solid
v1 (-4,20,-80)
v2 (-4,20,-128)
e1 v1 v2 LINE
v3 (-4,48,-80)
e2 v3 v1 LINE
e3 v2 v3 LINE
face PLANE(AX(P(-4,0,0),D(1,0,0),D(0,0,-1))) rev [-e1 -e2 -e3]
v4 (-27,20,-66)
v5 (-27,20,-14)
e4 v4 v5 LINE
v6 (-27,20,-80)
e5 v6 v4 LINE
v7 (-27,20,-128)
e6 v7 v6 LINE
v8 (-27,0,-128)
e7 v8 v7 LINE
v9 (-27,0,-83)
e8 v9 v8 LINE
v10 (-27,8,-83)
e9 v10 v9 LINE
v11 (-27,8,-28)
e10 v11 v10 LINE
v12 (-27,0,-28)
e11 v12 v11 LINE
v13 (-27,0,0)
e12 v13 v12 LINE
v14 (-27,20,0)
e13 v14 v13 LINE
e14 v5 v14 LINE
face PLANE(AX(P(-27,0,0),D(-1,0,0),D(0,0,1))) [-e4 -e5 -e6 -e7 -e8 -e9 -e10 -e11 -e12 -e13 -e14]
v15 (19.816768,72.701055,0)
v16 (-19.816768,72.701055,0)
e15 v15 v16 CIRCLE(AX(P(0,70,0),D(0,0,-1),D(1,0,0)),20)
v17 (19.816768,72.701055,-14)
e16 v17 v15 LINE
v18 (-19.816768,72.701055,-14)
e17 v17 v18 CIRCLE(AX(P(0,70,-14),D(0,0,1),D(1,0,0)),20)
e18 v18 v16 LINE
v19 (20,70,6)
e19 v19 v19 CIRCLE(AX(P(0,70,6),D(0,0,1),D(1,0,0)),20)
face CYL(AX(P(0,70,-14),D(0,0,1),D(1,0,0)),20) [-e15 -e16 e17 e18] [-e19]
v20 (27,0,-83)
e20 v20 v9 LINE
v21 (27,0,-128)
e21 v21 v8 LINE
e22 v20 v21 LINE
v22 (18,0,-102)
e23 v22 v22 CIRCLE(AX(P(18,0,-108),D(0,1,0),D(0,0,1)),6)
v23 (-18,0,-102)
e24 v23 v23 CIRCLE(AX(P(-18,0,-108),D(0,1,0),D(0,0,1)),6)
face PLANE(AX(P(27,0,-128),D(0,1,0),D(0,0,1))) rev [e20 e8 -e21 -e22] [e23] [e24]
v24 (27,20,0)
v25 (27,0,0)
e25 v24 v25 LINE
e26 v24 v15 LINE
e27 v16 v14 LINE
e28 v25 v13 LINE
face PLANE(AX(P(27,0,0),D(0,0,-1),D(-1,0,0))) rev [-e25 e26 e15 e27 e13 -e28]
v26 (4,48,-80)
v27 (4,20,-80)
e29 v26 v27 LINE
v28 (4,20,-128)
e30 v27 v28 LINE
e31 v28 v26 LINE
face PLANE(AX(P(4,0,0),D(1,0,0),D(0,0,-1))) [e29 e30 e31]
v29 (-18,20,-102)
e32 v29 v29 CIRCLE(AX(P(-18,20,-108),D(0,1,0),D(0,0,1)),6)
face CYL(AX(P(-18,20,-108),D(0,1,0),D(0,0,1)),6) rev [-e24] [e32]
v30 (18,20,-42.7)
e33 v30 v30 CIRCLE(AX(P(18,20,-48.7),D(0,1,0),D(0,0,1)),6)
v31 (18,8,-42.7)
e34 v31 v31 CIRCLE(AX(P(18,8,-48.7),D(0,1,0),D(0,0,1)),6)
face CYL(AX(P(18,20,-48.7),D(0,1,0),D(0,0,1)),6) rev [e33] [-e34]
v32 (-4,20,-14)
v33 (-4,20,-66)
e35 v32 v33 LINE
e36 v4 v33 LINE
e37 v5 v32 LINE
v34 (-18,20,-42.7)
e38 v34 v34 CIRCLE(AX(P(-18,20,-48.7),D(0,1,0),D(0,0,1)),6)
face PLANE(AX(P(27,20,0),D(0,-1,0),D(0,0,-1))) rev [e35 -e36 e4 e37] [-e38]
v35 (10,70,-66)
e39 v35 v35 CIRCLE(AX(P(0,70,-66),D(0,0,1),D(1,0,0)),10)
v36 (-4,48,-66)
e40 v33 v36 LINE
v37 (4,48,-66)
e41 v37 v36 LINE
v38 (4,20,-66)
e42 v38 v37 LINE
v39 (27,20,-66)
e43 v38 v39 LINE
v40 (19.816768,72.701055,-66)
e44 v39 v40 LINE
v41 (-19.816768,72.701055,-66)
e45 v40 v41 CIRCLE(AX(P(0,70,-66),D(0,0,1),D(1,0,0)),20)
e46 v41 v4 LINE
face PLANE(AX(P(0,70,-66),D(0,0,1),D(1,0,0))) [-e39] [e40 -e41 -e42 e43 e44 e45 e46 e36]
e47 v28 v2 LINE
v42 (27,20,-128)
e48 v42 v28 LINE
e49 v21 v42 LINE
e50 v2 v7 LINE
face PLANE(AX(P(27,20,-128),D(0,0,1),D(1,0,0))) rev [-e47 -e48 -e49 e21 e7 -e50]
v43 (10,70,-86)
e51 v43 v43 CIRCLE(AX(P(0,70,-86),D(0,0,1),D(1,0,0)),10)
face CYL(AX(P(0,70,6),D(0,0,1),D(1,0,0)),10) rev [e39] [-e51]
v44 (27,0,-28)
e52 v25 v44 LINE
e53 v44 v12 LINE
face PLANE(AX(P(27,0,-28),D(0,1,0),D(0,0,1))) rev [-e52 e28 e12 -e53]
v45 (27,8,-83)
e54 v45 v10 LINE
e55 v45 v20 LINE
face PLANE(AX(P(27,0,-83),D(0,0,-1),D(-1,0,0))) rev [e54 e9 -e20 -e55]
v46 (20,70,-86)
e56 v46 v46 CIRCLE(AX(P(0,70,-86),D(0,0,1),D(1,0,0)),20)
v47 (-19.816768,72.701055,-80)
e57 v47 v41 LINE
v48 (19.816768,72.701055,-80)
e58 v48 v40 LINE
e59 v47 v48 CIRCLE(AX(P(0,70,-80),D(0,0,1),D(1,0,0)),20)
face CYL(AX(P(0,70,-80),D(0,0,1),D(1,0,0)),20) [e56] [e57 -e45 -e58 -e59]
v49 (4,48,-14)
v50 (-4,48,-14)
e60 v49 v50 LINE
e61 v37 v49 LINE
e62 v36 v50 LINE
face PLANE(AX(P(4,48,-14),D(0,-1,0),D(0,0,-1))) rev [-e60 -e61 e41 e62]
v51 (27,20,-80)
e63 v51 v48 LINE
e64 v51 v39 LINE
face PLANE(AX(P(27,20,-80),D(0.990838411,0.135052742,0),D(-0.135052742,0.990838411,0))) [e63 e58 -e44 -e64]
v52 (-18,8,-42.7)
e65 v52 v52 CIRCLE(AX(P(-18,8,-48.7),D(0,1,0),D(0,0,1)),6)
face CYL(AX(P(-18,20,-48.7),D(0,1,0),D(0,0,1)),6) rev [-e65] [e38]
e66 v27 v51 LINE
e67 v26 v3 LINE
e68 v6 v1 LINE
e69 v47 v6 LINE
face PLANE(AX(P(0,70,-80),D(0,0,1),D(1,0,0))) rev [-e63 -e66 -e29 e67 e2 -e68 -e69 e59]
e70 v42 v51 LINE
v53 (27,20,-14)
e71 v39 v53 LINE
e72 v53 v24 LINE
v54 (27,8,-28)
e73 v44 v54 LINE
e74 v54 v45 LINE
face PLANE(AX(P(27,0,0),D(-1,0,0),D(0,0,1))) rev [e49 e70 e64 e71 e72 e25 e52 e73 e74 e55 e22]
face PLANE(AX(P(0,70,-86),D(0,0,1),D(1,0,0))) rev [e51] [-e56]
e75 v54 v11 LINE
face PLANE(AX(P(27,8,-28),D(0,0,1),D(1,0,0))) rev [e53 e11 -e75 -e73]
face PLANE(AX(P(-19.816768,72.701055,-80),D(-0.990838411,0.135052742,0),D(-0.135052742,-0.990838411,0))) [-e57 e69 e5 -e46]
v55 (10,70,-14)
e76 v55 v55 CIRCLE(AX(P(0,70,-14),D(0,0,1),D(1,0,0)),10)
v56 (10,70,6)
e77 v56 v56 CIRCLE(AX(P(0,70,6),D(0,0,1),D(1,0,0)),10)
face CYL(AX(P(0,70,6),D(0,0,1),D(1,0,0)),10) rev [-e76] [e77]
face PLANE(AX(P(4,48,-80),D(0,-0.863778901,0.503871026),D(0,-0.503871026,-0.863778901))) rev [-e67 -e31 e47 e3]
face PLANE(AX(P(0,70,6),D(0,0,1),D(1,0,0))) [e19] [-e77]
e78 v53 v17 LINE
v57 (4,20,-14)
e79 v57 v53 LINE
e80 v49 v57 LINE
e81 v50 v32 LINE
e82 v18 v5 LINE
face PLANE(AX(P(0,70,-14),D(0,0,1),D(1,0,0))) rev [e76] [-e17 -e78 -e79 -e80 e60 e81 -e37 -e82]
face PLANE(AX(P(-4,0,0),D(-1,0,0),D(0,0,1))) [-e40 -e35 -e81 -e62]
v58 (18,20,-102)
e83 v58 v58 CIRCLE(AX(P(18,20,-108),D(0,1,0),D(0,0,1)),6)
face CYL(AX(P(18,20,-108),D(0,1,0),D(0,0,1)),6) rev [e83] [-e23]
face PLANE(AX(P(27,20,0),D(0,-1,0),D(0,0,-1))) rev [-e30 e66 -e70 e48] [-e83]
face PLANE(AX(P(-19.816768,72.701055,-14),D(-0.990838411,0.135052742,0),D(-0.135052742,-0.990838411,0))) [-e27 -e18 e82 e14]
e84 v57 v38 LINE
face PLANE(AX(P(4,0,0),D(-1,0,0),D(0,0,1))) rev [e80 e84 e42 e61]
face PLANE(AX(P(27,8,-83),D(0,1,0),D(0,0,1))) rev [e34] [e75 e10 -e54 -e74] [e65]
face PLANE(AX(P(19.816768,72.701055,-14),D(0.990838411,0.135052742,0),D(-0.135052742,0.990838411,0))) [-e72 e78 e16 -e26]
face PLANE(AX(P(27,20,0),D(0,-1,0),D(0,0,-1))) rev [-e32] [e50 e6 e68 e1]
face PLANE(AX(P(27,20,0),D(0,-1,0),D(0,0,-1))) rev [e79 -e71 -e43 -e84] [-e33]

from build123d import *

# Parameters (mm, degrees)
BOSS_EXTRUDE1_DEPTH      = 27
BOSS_EXTRUDE2_DEPTH      = 6
BOSS_EXTRUDE2_DEPTH_BACK = 14
SKETCH2_R                = 20
BOSS_EXTRUDE3_START      = -6
BOSS_EXTRUDE3_DEPTH      = 14
BOSS_EXTRUDE4_START      = -14
BOSS_EXTRUDE4_DEPTH      = 14
BOSS_EXTRUDE5_START      = -20
SKETCH5_R                = 20
BOSS_EXTRUDE5_DEPTH      = 20
HOLE1_D                  = 20
SKETCH8_W                = 52
SKETCH8_H                = 28
BOSS_EXTRUDE6_DEPTH      = 4
BOSS_EXTRUDE7_DEPTH      = 4
HOLE2_D                  = 12
LPATTERN1_COUNT          = 2
LPATTERN1_PITCH          = 59.3


with BuildPart() as part:
    # Sketch1 → Boss-Extrude1 (new, symmetric)
    with BuildSketch(Plane(origin=(0, 0, 0), x_dir=(0, 0, -1), z_dir=(1, 0, 0))):
        Polygon((0, 0), (0, 20), (128, 20), (128, 0), (83, 0), (83, 8), (28, 8), (28, 0), align=None)
    extrude(amount=BOSS_EXTRUDE1_DEPTH, both=True)



with BuildPart() as body_2:
    # Sketch2 → Boss-Extrude2 (new, two sides: drawn at the far end of the back side and taken through both)
    with BuildSketch(Plane.XY.offset(-BOSS_EXTRUDE2_DEPTH_BACK)):
        with Locations((0, 70)):
            Circle(SKETCH2_R)
    extrude(amount=BOSS_EXTRUDE2_DEPTH + BOSS_EXTRUDE2_DEPTH_BACK)


with BuildPart() as part_1:
    add(part.part)

    add(body_2.part)  # Boss-Extrude3 merges body 2
    # Sketch3 → Boss-Extrude3 (add)
    with BuildSketch(Plane.XY.offset(6).offset(BOSS_EXTRUDE3_START)):
        with BuildLine():
            Line((27, 20), (-27, 20))
            Line((-27, 20), (-19.816768222, 72.70105484))
            ThreePointArc((-19.816768222, 72.70105484), (0, 50), (19.816768222, 72.70105484))
            Line((19.816768222, 72.70105484), (27, 20))
        make_face()
    extrude(amount=-BOSS_EXTRUDE3_DEPTH)

    # Sketch4 → Boss-Extrude4 (add)
    with BuildSketch(Plane.XY.offset(-66).offset(BOSS_EXTRUDE4_START)):
        with BuildLine():
            Line((-27, 20), (27, 20))
            Line((27, 20), (19.816768222, 72.70105484))
            ThreePointArc((19.816768222, 72.70105484), (0, 90), (-19.816768222, 72.70105484))
            Line((-19.816768222, 72.70105484), (-27, 20))
        make_face()
    extrude(amount=BOSS_EXTRUDE4_DEPTH)

    # Sketch5 → Boss-Extrude5 (add)
    with BuildSketch(Plane.XY.offset(-66).offset(BOSS_EXTRUDE5_START)):
        with Locations((0, 70)):
            Circle(SKETCH5_R)
    extrude(amount=BOSS_EXTRUDE5_DEPTH)

    # Hole1 (through all)
    with Locations(Plane.XY.offset(6)):
        with Locations((0, 70)):
            Hole(HOLE1_D / 2)

    # Sketch8 → Boss-Extrude6 (add, symmetric)
    with BuildSketch(Plane(origin=(0, 0, 0), x_dir=(0, 0, -1), z_dir=(1, 0, 0))):
        with Locations((40, 34)):
            Rectangle(SKETCH8_W, SKETCH8_H)
    extrude(amount=BOSS_EXTRUDE6_DEPTH, both=True)

    # Sketch9 → Boss-Extrude7 (add, symmetric)
    with BuildSketch(Plane(origin=(0, 0, 0), x_dir=(0, 0, -1), z_dir=(1, 0, 0))):
        Polygon((80, 48), (128, 20), (80, 20), align=None)
    extrude(amount=BOSS_EXTRUDE7_DEPTH, both=True)

    # Hole2 (through all)
    with Locations(Plane(origin=(0, 20, 0), x_dir=(1, 0, 0), z_dir=(0, 1, 0))):
        with Locations((18, 108), (-18, 108)):
            hole2 = Hole(HOLE2_D / 2)

    # LPattern1: Hole2 ×2
    with Locations(*[(0, 0, i * LPATTERN1_PITCH) for i in range(1, LPATTERN1_COUNT)]):
        add(hole2, mode=Mode.SUBTRACT)


solid = part_1.part
